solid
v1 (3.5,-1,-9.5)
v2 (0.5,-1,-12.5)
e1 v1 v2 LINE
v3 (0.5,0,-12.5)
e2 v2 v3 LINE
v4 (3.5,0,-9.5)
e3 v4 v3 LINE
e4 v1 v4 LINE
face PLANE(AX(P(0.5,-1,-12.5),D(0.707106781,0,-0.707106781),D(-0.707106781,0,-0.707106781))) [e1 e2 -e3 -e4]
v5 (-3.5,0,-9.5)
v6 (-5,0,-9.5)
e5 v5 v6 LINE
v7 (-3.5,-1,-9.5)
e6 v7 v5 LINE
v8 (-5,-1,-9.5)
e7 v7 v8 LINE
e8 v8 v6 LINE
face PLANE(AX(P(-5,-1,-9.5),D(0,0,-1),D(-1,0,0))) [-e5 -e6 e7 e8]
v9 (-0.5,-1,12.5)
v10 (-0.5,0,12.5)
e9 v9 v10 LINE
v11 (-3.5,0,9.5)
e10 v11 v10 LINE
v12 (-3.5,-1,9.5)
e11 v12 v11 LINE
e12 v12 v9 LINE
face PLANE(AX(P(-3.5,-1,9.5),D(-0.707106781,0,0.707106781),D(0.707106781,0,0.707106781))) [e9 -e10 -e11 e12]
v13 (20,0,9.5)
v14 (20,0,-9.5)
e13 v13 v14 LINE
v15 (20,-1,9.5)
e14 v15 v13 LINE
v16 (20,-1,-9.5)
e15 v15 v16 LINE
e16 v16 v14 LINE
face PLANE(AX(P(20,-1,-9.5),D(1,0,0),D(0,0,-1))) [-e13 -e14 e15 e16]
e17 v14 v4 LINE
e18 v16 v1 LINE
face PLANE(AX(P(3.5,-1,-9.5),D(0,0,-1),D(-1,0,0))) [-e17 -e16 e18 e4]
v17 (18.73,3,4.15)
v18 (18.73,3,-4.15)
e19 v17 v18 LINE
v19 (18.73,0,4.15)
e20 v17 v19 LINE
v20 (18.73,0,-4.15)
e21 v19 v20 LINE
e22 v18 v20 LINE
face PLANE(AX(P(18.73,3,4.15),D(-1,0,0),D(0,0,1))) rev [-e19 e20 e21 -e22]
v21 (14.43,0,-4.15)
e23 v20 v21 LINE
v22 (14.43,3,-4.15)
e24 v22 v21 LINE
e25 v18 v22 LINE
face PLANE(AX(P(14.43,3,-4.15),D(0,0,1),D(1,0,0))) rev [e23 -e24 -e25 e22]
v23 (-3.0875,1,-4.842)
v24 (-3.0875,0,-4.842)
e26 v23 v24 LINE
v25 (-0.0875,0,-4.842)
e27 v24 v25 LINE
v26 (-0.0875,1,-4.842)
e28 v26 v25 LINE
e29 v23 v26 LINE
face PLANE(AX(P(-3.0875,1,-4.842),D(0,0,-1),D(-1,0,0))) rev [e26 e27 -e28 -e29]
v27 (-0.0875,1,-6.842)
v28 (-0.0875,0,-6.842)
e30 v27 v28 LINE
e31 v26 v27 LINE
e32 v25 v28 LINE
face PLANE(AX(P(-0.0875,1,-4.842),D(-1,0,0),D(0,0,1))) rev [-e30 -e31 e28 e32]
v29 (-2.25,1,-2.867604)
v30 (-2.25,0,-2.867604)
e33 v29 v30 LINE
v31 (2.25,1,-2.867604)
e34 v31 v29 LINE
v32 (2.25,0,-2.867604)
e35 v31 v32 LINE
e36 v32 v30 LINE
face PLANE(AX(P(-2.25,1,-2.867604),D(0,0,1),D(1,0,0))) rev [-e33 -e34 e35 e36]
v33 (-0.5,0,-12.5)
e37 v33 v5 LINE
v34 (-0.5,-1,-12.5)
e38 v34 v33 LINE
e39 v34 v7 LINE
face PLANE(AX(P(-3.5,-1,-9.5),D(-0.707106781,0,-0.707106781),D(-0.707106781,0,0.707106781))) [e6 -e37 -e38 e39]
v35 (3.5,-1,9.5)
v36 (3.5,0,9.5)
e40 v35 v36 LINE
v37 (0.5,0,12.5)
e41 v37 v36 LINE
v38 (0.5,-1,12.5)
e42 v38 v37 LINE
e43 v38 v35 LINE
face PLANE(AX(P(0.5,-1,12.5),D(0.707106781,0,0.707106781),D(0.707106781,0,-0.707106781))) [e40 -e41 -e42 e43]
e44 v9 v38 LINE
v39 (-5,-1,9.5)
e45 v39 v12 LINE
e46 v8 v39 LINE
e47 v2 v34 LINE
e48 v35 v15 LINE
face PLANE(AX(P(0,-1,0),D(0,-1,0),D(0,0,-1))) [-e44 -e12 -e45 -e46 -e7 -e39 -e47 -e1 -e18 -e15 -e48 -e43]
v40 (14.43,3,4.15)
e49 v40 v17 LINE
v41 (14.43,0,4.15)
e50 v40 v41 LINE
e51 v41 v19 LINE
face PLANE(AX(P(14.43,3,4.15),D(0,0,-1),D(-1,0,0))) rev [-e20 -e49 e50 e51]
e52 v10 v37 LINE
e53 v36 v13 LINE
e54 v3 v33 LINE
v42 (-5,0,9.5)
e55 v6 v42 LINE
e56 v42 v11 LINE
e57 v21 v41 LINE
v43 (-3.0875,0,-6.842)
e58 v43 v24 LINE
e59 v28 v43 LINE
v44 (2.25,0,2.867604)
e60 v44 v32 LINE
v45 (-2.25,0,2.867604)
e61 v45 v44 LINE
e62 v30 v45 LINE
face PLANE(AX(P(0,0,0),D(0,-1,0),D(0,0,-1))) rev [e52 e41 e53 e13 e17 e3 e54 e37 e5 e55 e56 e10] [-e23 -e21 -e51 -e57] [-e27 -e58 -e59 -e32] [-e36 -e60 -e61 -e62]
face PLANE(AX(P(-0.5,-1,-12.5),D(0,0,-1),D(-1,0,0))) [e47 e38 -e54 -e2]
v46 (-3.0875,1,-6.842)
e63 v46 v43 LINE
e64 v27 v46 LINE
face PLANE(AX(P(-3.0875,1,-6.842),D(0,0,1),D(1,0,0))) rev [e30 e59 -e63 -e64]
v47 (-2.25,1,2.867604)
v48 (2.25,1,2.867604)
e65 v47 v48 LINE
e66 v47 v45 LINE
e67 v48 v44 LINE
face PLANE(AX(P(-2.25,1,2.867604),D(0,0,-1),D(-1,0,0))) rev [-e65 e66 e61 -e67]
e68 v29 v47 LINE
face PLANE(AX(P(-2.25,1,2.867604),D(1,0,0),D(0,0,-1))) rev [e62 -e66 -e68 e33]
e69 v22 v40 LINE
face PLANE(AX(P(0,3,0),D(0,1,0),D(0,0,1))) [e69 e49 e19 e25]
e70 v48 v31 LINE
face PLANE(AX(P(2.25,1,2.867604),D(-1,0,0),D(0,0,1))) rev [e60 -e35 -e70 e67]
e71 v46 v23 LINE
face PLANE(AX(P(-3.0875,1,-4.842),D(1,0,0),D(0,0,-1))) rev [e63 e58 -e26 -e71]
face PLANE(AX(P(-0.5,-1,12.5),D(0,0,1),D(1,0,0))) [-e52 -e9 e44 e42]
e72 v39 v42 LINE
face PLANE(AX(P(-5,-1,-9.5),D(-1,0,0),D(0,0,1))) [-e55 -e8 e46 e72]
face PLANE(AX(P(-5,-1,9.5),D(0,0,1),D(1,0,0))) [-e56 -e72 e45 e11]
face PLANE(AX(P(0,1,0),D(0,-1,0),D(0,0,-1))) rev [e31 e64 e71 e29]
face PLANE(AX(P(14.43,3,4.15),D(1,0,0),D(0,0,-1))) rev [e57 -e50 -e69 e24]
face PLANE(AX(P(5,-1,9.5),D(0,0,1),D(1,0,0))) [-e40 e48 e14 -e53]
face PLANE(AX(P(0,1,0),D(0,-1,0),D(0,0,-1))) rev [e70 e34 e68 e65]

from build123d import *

# Parameters (mm, degrees)
BOSS_EXTRUDE1_DEPTH = 1.000000032
SKETCH2_W           = 4.49999989
SKETCH2_H           = 5.735208424
SKETCH2_W_2         = 3
SKETCH2_H_2         = 2
BOSS_EXTRUDE2_DEPTH = 1
SKETCH3_W           = 4.300000036
SKETCH3_H           = 8.29999991
BOSS_EXTRUDE3_DEPTH = 3.000000096


with BuildPart() as part:
    # Sketch1 → Boss-Extrude1 (new body)
    with BuildSketch(Plane(origin=(0, 0, 0), x_dir=(1, 0, 0), z_dir=(0, 1, 0))):
        Polygon((-3.499999985, 9.50000005), (-0.499999889, 12.500000146), (0.499999889, 12.500000146), (3.499999985, 9.50000005), (4.999999906, 9.50000005), (20.000000132, 9.50000005), (20.000000132, -9.50000005), (4.999999906, -9.50000005), (3.499999985, -9.50000005), (0.499999889, -12.500000146), (-0.499999889, -12.500000146), (-3.499999985, -9.50000005), (-4.999999906, -9.50000005), (-4.999999906, 9.50000005), align=None)
    extrude(amount=-BOSS_EXTRUDE1_DEPTH)

    # Sketch2 → Boss-Extrude2 (add)
    with BuildSketch(Plane(origin=(0, 0, 0), x_dir=(1, 0, 0), z_dir=(0, 1, 0))):
        Rectangle(SKETCH2_W, SKETCH2_H)
        with Locations((-1.5875, 5.842)):
            Rectangle(SKETCH2_W_2, SKETCH2_H_2)
    extrude(amount=BOSS_EXTRUDE2_DEPTH)

    # Sketch3 → Boss-Extrude3 (add)
    with BuildSketch(Plane(origin=(0, 0, 0), x_dir=(1, 0, 0), z_dir=(0, 1, 0))):
        with Locations((16.580000114, 0)):
            Rectangle(SKETCH3_W, SKETCH3_H)
    extrude(amount=BOSS_EXTRUDE3_DEPTH)


solid = part.part
